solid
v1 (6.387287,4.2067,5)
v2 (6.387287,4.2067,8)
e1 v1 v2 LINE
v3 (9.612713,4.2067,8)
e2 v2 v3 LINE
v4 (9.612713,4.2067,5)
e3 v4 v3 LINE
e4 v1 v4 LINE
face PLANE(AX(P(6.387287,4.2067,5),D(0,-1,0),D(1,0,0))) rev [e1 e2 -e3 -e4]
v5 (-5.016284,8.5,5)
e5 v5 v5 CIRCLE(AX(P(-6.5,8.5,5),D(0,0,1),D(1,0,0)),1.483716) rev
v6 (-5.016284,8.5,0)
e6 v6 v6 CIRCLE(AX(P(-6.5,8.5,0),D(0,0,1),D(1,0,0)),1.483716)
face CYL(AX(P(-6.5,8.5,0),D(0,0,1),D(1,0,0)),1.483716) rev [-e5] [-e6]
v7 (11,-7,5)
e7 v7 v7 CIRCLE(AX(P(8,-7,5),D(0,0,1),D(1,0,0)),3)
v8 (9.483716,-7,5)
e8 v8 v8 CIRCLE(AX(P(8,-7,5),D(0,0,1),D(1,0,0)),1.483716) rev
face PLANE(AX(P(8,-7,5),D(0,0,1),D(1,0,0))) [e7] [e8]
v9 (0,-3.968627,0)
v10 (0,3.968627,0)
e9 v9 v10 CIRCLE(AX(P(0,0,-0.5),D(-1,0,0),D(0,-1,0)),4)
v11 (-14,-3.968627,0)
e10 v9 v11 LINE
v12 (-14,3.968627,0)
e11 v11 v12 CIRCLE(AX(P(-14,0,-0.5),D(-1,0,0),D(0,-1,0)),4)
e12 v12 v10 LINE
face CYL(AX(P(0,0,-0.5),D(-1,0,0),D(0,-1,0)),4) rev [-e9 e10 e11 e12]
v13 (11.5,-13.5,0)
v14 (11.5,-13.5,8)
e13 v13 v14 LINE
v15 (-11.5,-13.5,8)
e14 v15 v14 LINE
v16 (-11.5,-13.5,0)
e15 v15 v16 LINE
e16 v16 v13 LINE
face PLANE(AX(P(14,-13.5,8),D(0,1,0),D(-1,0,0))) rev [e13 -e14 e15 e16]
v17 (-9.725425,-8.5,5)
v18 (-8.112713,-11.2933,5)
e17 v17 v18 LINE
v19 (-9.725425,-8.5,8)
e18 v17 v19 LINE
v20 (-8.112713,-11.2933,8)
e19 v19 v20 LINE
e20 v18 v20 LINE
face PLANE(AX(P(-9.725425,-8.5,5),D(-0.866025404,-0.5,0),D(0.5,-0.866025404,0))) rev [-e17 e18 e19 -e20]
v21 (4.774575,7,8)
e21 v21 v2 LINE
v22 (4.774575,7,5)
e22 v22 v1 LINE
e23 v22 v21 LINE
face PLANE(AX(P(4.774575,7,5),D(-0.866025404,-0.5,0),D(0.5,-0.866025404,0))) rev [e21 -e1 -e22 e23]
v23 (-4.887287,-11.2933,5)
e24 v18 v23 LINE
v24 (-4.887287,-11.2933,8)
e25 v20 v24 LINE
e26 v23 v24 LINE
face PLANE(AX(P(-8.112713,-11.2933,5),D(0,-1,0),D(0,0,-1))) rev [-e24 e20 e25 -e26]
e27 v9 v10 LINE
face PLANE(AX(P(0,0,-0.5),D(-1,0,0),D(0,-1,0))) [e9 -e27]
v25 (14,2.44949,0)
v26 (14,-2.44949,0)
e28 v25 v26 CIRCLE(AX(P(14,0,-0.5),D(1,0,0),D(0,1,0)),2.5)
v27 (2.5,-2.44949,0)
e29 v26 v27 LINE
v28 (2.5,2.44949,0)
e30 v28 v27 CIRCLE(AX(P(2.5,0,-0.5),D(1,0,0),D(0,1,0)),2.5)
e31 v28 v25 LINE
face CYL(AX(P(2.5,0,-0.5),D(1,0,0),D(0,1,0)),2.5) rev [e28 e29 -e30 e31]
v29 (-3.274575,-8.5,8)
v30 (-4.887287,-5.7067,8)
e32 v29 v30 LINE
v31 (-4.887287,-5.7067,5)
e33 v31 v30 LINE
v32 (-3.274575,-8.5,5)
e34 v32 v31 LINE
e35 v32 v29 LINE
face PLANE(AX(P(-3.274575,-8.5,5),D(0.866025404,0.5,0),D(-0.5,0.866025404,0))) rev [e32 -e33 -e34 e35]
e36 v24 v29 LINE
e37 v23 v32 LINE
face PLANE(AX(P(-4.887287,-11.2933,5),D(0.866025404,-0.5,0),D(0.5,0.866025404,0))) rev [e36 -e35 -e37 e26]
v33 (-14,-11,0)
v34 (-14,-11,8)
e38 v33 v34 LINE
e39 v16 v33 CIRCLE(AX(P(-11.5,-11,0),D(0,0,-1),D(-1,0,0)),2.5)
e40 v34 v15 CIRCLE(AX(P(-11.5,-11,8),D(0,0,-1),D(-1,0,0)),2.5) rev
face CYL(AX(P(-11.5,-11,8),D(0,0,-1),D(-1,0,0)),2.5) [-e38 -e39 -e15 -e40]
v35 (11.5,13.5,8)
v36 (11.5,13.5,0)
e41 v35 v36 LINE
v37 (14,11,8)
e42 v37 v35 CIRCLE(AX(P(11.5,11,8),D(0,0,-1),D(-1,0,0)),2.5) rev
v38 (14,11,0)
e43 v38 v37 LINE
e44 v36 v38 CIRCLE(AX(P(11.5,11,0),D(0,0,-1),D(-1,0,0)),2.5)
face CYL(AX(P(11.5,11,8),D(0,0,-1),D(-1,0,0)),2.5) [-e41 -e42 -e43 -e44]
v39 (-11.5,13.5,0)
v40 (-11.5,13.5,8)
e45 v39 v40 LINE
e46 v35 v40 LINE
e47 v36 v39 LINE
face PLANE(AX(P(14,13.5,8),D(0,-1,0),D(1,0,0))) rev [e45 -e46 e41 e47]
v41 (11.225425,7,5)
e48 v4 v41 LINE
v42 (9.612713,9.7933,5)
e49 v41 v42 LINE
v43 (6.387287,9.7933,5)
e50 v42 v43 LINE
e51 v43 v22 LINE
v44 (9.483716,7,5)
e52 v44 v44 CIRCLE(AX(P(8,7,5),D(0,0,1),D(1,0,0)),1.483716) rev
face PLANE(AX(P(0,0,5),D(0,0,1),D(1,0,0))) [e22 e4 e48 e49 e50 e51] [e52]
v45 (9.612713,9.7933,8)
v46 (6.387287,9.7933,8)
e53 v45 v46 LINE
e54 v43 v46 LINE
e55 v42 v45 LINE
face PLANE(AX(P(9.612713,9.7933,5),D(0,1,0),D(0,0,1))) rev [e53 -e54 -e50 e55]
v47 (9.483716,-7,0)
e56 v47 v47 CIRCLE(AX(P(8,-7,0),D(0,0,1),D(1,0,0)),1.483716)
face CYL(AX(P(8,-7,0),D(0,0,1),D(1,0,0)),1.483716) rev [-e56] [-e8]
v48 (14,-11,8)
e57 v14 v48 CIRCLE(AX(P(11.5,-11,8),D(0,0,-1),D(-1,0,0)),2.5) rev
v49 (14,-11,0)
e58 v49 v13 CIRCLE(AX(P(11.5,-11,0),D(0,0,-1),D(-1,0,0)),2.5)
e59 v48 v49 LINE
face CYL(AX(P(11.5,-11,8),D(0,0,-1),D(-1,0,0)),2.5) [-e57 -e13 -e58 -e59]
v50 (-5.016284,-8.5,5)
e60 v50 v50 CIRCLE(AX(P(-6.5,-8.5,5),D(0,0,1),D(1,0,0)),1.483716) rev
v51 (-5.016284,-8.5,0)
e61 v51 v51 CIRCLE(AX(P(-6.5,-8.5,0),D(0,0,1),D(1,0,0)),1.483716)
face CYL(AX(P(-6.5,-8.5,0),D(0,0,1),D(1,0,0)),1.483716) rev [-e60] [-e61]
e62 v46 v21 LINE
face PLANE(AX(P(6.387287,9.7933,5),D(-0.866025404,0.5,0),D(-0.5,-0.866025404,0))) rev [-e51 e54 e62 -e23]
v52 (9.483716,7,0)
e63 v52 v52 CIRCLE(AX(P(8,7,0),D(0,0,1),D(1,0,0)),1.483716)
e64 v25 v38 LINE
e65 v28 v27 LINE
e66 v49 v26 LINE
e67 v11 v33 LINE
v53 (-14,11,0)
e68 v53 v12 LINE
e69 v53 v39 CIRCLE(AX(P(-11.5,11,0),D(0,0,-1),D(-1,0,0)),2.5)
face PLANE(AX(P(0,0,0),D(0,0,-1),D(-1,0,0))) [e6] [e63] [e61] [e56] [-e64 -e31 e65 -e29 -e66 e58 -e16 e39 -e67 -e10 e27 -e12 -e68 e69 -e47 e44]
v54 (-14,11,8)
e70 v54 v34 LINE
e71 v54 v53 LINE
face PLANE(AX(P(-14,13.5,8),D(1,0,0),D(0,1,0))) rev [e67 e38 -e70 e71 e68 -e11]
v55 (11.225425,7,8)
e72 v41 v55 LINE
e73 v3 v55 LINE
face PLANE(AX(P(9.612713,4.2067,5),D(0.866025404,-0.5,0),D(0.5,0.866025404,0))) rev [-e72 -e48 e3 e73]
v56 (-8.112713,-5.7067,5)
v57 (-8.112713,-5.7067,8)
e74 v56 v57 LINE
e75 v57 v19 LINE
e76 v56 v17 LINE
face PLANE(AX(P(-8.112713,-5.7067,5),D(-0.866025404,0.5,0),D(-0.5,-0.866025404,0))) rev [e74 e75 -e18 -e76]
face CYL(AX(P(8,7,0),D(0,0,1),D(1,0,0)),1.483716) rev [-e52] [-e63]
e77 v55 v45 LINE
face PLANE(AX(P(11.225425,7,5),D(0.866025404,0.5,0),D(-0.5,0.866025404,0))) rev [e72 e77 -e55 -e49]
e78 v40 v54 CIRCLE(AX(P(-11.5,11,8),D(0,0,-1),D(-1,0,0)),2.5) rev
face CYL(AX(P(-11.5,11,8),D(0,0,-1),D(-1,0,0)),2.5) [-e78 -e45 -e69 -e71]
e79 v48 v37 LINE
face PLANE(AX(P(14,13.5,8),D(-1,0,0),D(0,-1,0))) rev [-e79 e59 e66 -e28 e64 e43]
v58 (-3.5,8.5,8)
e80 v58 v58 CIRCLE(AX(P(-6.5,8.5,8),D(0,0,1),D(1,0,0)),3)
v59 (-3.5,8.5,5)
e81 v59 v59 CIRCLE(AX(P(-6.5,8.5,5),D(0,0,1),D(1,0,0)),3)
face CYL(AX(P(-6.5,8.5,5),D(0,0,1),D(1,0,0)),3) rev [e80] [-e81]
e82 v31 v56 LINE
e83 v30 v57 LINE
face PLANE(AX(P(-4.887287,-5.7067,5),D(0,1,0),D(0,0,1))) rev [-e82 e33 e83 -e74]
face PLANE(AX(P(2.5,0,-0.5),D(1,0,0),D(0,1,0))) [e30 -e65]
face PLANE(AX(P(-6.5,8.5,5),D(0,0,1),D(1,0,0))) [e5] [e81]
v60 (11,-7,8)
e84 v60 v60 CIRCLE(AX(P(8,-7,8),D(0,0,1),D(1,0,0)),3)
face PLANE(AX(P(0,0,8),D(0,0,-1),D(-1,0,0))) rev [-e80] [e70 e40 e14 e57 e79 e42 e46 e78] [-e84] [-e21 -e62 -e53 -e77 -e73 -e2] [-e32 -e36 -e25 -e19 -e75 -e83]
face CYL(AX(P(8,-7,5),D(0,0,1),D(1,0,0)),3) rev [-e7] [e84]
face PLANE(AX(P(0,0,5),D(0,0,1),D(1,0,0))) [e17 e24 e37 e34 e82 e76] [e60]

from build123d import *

# Parameters (mm, degrees)
SKETCH1_W           = 28
SKETCH1_H           = 27
BOSS_EXTRUDE1_DEPTH = 8
SKETCH2_R           = 1.48371595
CUT_EXTRUDE1_DEPTH  = 22.029740845
SKETCH3_R           = 3
CUT_EXTRUDE2_DEPTH  = 3
FILLET1_R           = 2.5
SKETCH4_R           = 2.5
CUT_EXTRUDE3_DEPTH  = 11.5
SKETCH5_R           = 4
CUT_EXTRUDE4_DEPTH  = 14


with BuildPart() as part:
    # Sketch1 → Boss-Extrude1 (new body)
    with BuildSketch(Plane.XY):
        Rectangle(SKETCH1_W, SKETCH1_H)
    extrude(amount=BOSS_EXTRUDE1_DEPTH)

    # Sketch2 → Cut-Extrude1 (cut, through all)
    with BuildSketch(Plane.XY.offset(8)):
        with Locations((-6.5, 8.5)):
            Circle(SKETCH2_R)
        with Locations((-6.5, -8.5)):
            Circle(SKETCH2_R)
        with Locations((8, -7)):
            Circle(SKETCH2_R)
        with Locations((8, 7)):
            Circle(SKETCH2_R)
    extrude(amount=-CUT_EXTRUDE1_DEPTH, mode=Mode.SUBTRACT)

    # Sketch3 → Cut-Extrude2 (cut)
    with BuildSketch(Plane.XY.offset(8)):
        with Locations((-6.5, 8.5)):
            Circle(SKETCH3_R)
        with Locations((8, -7)):
            Circle(SKETCH3_R)
        Polygon((-8.112712507, -11.2933), (-4.887287493, -11.2933), (-3.274574986, -8.5), (-4.887287493, -5.7067), (-8.112712507, -5.7067), (-9.725425014, -8.5), align=None)
        Polygon((6.387287493, 4.2067), (9.612712507, 4.2067), (11.225425014, 7), (9.612712507, 9.7933), (6.387287493, 9.7933), (4.774574986, 7), align=None)
    extrude(amount=-CUT_EXTRUDE2_DEPTH, mode=Mode.SUBTRACT)

    # Fillet1
    fillet1_edges = [part.edges().sort_by_distance(p)[0] for p in [
        (-14, 13.5, 4),
        (14, 13.5, 4),
        (14, -13.5, 4),
        (-14, -13.5, 4),
    ]]
    fillet(fillet1_edges, radius=FILLET1_R)

    # Sketch4 → Cut-Extrude3 (cut)
    with BuildSketch(Plane(origin=(14, 0, 0), x_dir=(0, 0, -1), z_dir=(1, 0, 0))):
        with Locations((0.5, 0)):
            Circle(SKETCH4_R)
    extrude(amount=-CUT_EXTRUDE3_DEPTH, mode=Mode.SUBTRACT)

    # Sketch5 → Cut-Extrude4 (cut)
    with BuildSketch(Plane.ZY.offset(14)):
        with Locations((-0.5, 0)):
            Circle(SKETCH5_R)
    extrude(amount=-CUT_EXTRUDE4_DEPTH, mode=Mode.SUBTRACT)


solid = part.part
